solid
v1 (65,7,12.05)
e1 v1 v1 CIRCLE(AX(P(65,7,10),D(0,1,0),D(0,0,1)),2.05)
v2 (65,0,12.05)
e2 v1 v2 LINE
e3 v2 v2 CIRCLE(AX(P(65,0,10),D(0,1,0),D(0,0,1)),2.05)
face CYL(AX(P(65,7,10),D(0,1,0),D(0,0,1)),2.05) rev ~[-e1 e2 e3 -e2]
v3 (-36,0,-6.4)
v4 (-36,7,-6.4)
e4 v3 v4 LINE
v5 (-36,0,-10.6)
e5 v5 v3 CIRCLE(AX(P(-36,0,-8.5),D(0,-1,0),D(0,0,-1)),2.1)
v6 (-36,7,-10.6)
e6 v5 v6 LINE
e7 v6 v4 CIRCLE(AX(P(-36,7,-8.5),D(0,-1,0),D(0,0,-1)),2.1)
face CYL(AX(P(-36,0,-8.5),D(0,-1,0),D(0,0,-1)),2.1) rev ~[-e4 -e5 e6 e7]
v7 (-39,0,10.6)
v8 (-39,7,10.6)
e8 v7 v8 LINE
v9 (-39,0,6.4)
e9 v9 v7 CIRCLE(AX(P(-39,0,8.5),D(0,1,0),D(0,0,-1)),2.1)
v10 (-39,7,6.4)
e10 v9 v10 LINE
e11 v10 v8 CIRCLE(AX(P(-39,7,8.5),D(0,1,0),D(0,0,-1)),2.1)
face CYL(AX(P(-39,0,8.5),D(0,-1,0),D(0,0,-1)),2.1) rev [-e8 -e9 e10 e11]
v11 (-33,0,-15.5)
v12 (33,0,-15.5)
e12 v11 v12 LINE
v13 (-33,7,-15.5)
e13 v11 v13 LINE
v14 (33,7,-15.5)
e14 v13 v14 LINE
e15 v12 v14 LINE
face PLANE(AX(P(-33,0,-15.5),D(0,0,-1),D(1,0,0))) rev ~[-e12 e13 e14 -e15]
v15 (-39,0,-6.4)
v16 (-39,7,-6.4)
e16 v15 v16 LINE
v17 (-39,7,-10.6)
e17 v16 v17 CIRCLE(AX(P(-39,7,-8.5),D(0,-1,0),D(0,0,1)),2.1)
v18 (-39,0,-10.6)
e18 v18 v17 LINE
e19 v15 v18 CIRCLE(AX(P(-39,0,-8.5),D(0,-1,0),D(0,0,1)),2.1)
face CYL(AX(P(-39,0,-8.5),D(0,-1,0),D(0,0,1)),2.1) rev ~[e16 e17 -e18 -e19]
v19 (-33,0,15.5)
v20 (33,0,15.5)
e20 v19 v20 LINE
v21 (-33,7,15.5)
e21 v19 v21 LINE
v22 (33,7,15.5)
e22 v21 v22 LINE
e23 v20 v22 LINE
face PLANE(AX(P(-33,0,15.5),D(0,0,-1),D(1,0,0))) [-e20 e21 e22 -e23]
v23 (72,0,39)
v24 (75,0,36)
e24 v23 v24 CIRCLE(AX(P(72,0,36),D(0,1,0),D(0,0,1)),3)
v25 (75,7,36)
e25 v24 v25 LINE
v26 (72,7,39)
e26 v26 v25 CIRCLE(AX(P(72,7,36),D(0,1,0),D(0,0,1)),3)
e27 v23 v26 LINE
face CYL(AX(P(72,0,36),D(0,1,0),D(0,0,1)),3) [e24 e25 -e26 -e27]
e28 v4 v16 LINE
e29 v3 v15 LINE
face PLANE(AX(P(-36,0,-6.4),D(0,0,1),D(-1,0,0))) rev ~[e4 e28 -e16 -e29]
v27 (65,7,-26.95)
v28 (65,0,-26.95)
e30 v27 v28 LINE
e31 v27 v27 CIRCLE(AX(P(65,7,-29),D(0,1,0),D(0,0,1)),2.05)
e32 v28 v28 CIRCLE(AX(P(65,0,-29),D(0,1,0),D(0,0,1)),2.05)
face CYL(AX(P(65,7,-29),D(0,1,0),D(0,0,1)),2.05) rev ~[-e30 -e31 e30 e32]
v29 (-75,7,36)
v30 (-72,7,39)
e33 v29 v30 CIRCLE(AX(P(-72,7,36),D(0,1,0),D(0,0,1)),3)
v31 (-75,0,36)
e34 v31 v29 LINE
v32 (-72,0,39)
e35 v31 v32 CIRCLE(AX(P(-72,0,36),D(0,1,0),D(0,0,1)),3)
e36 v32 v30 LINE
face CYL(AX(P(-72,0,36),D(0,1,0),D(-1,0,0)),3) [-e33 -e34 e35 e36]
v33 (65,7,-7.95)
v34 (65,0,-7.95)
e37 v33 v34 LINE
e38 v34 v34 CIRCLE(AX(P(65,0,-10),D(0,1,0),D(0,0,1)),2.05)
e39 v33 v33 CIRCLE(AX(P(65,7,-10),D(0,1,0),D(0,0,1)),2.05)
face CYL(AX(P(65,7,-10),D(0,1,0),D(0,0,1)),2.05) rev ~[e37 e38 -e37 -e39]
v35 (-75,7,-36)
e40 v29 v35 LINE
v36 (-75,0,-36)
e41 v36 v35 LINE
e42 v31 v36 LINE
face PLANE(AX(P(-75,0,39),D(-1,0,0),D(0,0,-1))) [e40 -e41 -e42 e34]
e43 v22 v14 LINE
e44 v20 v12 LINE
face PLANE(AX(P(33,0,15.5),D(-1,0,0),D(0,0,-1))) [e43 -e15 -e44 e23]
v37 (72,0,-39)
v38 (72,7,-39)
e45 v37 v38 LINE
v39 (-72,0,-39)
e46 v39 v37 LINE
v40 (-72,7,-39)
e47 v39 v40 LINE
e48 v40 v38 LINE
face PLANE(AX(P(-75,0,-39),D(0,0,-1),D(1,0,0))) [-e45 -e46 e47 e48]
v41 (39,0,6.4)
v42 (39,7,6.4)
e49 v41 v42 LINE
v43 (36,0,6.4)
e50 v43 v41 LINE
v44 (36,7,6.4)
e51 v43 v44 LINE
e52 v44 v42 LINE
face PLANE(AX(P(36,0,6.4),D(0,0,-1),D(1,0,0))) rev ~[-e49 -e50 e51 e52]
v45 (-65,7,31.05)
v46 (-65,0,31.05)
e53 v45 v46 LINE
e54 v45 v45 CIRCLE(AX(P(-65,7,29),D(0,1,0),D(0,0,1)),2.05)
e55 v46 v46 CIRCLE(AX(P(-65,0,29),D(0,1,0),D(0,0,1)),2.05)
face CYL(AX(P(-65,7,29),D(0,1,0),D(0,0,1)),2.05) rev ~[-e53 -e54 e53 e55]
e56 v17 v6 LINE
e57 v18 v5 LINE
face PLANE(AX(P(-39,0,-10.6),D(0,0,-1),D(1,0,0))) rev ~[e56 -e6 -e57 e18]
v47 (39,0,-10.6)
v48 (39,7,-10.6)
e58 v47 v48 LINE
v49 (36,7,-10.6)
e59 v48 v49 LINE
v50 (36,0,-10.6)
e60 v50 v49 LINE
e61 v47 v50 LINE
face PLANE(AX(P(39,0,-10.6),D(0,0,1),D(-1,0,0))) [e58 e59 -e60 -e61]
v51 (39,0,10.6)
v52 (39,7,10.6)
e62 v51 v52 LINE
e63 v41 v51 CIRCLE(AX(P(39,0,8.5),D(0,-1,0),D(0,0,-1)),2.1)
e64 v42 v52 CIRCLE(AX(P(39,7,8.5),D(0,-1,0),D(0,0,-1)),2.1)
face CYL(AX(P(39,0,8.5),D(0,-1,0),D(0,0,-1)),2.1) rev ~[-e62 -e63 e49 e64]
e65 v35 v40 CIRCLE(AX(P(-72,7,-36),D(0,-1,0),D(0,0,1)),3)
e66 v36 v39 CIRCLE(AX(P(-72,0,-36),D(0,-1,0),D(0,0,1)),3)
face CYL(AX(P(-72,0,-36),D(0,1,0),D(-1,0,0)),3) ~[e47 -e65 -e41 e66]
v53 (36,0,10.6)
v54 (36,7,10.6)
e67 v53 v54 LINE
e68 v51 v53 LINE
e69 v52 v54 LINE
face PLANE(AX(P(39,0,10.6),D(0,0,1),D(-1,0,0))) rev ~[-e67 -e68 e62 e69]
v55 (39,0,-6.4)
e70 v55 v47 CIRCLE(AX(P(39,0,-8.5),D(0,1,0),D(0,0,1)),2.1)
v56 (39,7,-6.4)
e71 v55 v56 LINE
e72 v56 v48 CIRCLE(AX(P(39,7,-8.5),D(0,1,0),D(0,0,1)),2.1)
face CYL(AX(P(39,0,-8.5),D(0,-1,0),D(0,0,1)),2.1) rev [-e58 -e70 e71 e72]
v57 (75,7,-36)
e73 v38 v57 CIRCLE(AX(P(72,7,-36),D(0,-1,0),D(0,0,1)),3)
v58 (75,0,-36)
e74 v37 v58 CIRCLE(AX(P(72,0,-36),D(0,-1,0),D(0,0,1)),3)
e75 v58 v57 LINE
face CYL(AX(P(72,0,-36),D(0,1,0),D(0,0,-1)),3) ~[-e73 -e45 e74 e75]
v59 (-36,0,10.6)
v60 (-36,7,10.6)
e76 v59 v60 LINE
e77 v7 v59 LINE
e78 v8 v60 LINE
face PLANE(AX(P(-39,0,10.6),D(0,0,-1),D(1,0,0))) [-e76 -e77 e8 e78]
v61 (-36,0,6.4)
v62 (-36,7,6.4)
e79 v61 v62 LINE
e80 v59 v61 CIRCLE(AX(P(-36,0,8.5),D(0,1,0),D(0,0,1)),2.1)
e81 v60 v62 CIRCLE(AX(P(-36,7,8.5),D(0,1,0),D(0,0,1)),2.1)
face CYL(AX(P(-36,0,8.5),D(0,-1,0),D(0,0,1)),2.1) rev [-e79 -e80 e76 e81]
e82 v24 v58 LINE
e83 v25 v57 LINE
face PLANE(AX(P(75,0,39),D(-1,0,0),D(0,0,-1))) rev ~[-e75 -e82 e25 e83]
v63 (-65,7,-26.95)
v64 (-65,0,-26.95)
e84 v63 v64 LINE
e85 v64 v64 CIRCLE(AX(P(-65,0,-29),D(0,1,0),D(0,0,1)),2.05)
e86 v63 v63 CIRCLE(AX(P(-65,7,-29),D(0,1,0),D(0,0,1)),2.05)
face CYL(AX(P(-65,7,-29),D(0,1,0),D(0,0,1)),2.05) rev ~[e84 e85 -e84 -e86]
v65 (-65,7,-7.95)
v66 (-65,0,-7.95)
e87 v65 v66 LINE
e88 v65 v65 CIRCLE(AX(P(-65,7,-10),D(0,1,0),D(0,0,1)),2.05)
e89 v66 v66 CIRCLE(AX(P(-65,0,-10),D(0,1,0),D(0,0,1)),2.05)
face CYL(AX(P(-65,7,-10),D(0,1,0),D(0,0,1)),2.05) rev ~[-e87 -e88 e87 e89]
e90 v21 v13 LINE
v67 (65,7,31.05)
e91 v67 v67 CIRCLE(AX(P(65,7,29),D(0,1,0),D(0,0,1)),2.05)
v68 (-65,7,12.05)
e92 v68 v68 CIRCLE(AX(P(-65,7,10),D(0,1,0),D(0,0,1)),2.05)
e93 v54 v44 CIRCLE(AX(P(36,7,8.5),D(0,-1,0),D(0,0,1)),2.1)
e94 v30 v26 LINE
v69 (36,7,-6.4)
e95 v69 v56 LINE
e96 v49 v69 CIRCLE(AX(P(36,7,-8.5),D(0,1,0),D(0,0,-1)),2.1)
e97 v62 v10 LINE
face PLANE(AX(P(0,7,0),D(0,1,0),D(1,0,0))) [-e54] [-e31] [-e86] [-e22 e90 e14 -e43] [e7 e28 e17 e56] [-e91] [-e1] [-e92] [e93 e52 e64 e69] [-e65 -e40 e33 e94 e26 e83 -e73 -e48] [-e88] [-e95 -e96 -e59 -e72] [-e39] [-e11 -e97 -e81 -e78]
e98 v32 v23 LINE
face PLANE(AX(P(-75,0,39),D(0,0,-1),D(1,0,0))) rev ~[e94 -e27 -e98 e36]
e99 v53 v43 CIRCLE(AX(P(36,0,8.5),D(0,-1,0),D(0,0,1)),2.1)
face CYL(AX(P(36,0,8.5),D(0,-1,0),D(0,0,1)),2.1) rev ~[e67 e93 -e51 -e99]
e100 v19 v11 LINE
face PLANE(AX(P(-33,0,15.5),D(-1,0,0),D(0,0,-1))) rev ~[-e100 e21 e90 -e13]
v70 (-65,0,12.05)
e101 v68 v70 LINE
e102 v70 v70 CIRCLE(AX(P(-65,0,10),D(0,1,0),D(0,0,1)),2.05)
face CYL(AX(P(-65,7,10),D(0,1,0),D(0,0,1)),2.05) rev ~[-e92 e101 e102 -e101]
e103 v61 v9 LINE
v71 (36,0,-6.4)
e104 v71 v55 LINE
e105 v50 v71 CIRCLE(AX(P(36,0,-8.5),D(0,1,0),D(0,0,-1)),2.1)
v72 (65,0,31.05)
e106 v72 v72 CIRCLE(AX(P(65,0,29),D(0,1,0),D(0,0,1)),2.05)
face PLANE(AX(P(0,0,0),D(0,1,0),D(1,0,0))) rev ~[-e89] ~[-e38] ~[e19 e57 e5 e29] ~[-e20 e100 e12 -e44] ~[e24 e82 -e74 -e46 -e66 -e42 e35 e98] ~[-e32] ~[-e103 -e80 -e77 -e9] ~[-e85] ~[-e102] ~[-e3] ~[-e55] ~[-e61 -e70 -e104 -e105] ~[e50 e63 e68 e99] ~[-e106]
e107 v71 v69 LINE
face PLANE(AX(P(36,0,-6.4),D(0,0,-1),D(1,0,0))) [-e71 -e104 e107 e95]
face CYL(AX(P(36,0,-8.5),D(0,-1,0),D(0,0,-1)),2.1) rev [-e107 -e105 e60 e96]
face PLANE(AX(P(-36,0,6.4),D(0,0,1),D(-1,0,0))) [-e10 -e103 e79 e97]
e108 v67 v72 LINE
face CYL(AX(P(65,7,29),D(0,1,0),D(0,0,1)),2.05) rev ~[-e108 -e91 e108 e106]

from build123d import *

# Parameters (mm, degrees)
SKETCH2_W           = 150
SKETCH2_H           = 78
SKETCH2_W_2         = 66
SKETCH2_H_2         = 31
BOSS_EXTRUDE1_DEPTH = 7
FILLET1_R           = 3
SKETCH3_R           = 2.05
CUT_EXTRUDE1_DEPTH  = 10


with BuildPart() as part:
    # Sketch2 → Boss-Extrude1 (new body)
    with BuildSketch(Plane(origin=(0, 0, 0), x_dir=(1, 0, 0), z_dir=(0, 1, 0))):
        Rectangle(SKETCH2_W, SKETCH2_H)
        Rectangle(SKETCH2_W_2, SKETCH2_H_2, mode=Mode.SUBTRACT)
        with BuildLine():
            Line((-39, 10.6), (-36, 10.6))
            ThreePointArc((-36, 10.6), (-33.9, 8.5), (-36, 6.4))
            Line((-36, 6.4), (-39, 6.4))
            ThreePointArc((-39, 6.4), (-41.1, 8.5), (-39, 10.6))
        make_face(mode=Mode.SUBTRACT)
        with BuildLine():
            Line((-39, -10.6), (-36, -10.6))
            ThreePointArc((-36, -10.6), (-33.9, -8.5), (-36, -6.4))
            Line((-36, -6.4), (-39, -6.4))
            ThreePointArc((-39, -6.4), (-41.1, -8.5), (-39, -10.6))
        make_face(mode=Mode.SUBTRACT)
        with BuildLine():
            Line((39, -10.6), (36, -10.6))
            ThreePointArc((36, -10.6), (33.9, -8.5), (36, -6.4))
            Line((36, -6.4), (39, -6.4))
            ThreePointArc((39, -6.4), (41.1, -8.5), (39, -10.6))
        make_face(mode=Mode.SUBTRACT)
        with BuildLine():
            Line((39, 10.6), (36, 10.6))
            ThreePointArc((36, 10.6), (33.9, 8.5), (36, 6.4))
            Line((36, 6.4), (39, 6.4))
            ThreePointArc((39, 6.4), (41.1, 8.5), (39, 10.6))
        make_face(mode=Mode.SUBTRACT)
    extrude(amount=BOSS_EXTRUDE1_DEPTH)

    # Fillet1
    fillet1_edges = [part.edges().sort_by_distance(p)[0] for p in [
        (75, 3.5, 39),
        (-75, 3.5, 39),
        (-75, 3.5, -39),
        (75, 3.5, -39),
    ]]
    fillet(fillet1_edges, radius=FILLET1_R)

    # Sketch3 → Cut-Extrude1 (cut)
    with BuildSketch(Plane(origin=(0, 7, 0), x_dir=(1, 0, 0), z_dir=(0, 1, 0))):
        with Locations(Location((-65, 10, 0), (0, 0, 270))):
            Circle(SKETCH3_R)
        with Locations(Location((-65, 29, 0), (0, 0, 270))):
            Circle(SKETCH3_R)
        with Locations(Location((-65, -10, 0), (0, 0, 270))):
            Circle(SKETCH3_R)
        with Locations(Location((-65, -29, 0), (0, 0, 270))):
            Circle(SKETCH3_R)
        with Locations(Location((65, -29, 0), (0, 0, 270))):
            Circle(SKETCH3_R)
        with Locations(Location((65, -10, 0), (0, 0, 270))):
            Circle(SKETCH3_R)
        with Locations(Location((65, 10, 0), (0, 0, 270))):
            Circle(SKETCH3_R)
        with Locations(Location((65, 29, 0), (0, 0, 270))):
            Circle(SKETCH3_R)
    extrude(amount=-CUT_EXTRUDE1_DEPTH, mode=Mode.SUBTRACT)


solid = part.part
